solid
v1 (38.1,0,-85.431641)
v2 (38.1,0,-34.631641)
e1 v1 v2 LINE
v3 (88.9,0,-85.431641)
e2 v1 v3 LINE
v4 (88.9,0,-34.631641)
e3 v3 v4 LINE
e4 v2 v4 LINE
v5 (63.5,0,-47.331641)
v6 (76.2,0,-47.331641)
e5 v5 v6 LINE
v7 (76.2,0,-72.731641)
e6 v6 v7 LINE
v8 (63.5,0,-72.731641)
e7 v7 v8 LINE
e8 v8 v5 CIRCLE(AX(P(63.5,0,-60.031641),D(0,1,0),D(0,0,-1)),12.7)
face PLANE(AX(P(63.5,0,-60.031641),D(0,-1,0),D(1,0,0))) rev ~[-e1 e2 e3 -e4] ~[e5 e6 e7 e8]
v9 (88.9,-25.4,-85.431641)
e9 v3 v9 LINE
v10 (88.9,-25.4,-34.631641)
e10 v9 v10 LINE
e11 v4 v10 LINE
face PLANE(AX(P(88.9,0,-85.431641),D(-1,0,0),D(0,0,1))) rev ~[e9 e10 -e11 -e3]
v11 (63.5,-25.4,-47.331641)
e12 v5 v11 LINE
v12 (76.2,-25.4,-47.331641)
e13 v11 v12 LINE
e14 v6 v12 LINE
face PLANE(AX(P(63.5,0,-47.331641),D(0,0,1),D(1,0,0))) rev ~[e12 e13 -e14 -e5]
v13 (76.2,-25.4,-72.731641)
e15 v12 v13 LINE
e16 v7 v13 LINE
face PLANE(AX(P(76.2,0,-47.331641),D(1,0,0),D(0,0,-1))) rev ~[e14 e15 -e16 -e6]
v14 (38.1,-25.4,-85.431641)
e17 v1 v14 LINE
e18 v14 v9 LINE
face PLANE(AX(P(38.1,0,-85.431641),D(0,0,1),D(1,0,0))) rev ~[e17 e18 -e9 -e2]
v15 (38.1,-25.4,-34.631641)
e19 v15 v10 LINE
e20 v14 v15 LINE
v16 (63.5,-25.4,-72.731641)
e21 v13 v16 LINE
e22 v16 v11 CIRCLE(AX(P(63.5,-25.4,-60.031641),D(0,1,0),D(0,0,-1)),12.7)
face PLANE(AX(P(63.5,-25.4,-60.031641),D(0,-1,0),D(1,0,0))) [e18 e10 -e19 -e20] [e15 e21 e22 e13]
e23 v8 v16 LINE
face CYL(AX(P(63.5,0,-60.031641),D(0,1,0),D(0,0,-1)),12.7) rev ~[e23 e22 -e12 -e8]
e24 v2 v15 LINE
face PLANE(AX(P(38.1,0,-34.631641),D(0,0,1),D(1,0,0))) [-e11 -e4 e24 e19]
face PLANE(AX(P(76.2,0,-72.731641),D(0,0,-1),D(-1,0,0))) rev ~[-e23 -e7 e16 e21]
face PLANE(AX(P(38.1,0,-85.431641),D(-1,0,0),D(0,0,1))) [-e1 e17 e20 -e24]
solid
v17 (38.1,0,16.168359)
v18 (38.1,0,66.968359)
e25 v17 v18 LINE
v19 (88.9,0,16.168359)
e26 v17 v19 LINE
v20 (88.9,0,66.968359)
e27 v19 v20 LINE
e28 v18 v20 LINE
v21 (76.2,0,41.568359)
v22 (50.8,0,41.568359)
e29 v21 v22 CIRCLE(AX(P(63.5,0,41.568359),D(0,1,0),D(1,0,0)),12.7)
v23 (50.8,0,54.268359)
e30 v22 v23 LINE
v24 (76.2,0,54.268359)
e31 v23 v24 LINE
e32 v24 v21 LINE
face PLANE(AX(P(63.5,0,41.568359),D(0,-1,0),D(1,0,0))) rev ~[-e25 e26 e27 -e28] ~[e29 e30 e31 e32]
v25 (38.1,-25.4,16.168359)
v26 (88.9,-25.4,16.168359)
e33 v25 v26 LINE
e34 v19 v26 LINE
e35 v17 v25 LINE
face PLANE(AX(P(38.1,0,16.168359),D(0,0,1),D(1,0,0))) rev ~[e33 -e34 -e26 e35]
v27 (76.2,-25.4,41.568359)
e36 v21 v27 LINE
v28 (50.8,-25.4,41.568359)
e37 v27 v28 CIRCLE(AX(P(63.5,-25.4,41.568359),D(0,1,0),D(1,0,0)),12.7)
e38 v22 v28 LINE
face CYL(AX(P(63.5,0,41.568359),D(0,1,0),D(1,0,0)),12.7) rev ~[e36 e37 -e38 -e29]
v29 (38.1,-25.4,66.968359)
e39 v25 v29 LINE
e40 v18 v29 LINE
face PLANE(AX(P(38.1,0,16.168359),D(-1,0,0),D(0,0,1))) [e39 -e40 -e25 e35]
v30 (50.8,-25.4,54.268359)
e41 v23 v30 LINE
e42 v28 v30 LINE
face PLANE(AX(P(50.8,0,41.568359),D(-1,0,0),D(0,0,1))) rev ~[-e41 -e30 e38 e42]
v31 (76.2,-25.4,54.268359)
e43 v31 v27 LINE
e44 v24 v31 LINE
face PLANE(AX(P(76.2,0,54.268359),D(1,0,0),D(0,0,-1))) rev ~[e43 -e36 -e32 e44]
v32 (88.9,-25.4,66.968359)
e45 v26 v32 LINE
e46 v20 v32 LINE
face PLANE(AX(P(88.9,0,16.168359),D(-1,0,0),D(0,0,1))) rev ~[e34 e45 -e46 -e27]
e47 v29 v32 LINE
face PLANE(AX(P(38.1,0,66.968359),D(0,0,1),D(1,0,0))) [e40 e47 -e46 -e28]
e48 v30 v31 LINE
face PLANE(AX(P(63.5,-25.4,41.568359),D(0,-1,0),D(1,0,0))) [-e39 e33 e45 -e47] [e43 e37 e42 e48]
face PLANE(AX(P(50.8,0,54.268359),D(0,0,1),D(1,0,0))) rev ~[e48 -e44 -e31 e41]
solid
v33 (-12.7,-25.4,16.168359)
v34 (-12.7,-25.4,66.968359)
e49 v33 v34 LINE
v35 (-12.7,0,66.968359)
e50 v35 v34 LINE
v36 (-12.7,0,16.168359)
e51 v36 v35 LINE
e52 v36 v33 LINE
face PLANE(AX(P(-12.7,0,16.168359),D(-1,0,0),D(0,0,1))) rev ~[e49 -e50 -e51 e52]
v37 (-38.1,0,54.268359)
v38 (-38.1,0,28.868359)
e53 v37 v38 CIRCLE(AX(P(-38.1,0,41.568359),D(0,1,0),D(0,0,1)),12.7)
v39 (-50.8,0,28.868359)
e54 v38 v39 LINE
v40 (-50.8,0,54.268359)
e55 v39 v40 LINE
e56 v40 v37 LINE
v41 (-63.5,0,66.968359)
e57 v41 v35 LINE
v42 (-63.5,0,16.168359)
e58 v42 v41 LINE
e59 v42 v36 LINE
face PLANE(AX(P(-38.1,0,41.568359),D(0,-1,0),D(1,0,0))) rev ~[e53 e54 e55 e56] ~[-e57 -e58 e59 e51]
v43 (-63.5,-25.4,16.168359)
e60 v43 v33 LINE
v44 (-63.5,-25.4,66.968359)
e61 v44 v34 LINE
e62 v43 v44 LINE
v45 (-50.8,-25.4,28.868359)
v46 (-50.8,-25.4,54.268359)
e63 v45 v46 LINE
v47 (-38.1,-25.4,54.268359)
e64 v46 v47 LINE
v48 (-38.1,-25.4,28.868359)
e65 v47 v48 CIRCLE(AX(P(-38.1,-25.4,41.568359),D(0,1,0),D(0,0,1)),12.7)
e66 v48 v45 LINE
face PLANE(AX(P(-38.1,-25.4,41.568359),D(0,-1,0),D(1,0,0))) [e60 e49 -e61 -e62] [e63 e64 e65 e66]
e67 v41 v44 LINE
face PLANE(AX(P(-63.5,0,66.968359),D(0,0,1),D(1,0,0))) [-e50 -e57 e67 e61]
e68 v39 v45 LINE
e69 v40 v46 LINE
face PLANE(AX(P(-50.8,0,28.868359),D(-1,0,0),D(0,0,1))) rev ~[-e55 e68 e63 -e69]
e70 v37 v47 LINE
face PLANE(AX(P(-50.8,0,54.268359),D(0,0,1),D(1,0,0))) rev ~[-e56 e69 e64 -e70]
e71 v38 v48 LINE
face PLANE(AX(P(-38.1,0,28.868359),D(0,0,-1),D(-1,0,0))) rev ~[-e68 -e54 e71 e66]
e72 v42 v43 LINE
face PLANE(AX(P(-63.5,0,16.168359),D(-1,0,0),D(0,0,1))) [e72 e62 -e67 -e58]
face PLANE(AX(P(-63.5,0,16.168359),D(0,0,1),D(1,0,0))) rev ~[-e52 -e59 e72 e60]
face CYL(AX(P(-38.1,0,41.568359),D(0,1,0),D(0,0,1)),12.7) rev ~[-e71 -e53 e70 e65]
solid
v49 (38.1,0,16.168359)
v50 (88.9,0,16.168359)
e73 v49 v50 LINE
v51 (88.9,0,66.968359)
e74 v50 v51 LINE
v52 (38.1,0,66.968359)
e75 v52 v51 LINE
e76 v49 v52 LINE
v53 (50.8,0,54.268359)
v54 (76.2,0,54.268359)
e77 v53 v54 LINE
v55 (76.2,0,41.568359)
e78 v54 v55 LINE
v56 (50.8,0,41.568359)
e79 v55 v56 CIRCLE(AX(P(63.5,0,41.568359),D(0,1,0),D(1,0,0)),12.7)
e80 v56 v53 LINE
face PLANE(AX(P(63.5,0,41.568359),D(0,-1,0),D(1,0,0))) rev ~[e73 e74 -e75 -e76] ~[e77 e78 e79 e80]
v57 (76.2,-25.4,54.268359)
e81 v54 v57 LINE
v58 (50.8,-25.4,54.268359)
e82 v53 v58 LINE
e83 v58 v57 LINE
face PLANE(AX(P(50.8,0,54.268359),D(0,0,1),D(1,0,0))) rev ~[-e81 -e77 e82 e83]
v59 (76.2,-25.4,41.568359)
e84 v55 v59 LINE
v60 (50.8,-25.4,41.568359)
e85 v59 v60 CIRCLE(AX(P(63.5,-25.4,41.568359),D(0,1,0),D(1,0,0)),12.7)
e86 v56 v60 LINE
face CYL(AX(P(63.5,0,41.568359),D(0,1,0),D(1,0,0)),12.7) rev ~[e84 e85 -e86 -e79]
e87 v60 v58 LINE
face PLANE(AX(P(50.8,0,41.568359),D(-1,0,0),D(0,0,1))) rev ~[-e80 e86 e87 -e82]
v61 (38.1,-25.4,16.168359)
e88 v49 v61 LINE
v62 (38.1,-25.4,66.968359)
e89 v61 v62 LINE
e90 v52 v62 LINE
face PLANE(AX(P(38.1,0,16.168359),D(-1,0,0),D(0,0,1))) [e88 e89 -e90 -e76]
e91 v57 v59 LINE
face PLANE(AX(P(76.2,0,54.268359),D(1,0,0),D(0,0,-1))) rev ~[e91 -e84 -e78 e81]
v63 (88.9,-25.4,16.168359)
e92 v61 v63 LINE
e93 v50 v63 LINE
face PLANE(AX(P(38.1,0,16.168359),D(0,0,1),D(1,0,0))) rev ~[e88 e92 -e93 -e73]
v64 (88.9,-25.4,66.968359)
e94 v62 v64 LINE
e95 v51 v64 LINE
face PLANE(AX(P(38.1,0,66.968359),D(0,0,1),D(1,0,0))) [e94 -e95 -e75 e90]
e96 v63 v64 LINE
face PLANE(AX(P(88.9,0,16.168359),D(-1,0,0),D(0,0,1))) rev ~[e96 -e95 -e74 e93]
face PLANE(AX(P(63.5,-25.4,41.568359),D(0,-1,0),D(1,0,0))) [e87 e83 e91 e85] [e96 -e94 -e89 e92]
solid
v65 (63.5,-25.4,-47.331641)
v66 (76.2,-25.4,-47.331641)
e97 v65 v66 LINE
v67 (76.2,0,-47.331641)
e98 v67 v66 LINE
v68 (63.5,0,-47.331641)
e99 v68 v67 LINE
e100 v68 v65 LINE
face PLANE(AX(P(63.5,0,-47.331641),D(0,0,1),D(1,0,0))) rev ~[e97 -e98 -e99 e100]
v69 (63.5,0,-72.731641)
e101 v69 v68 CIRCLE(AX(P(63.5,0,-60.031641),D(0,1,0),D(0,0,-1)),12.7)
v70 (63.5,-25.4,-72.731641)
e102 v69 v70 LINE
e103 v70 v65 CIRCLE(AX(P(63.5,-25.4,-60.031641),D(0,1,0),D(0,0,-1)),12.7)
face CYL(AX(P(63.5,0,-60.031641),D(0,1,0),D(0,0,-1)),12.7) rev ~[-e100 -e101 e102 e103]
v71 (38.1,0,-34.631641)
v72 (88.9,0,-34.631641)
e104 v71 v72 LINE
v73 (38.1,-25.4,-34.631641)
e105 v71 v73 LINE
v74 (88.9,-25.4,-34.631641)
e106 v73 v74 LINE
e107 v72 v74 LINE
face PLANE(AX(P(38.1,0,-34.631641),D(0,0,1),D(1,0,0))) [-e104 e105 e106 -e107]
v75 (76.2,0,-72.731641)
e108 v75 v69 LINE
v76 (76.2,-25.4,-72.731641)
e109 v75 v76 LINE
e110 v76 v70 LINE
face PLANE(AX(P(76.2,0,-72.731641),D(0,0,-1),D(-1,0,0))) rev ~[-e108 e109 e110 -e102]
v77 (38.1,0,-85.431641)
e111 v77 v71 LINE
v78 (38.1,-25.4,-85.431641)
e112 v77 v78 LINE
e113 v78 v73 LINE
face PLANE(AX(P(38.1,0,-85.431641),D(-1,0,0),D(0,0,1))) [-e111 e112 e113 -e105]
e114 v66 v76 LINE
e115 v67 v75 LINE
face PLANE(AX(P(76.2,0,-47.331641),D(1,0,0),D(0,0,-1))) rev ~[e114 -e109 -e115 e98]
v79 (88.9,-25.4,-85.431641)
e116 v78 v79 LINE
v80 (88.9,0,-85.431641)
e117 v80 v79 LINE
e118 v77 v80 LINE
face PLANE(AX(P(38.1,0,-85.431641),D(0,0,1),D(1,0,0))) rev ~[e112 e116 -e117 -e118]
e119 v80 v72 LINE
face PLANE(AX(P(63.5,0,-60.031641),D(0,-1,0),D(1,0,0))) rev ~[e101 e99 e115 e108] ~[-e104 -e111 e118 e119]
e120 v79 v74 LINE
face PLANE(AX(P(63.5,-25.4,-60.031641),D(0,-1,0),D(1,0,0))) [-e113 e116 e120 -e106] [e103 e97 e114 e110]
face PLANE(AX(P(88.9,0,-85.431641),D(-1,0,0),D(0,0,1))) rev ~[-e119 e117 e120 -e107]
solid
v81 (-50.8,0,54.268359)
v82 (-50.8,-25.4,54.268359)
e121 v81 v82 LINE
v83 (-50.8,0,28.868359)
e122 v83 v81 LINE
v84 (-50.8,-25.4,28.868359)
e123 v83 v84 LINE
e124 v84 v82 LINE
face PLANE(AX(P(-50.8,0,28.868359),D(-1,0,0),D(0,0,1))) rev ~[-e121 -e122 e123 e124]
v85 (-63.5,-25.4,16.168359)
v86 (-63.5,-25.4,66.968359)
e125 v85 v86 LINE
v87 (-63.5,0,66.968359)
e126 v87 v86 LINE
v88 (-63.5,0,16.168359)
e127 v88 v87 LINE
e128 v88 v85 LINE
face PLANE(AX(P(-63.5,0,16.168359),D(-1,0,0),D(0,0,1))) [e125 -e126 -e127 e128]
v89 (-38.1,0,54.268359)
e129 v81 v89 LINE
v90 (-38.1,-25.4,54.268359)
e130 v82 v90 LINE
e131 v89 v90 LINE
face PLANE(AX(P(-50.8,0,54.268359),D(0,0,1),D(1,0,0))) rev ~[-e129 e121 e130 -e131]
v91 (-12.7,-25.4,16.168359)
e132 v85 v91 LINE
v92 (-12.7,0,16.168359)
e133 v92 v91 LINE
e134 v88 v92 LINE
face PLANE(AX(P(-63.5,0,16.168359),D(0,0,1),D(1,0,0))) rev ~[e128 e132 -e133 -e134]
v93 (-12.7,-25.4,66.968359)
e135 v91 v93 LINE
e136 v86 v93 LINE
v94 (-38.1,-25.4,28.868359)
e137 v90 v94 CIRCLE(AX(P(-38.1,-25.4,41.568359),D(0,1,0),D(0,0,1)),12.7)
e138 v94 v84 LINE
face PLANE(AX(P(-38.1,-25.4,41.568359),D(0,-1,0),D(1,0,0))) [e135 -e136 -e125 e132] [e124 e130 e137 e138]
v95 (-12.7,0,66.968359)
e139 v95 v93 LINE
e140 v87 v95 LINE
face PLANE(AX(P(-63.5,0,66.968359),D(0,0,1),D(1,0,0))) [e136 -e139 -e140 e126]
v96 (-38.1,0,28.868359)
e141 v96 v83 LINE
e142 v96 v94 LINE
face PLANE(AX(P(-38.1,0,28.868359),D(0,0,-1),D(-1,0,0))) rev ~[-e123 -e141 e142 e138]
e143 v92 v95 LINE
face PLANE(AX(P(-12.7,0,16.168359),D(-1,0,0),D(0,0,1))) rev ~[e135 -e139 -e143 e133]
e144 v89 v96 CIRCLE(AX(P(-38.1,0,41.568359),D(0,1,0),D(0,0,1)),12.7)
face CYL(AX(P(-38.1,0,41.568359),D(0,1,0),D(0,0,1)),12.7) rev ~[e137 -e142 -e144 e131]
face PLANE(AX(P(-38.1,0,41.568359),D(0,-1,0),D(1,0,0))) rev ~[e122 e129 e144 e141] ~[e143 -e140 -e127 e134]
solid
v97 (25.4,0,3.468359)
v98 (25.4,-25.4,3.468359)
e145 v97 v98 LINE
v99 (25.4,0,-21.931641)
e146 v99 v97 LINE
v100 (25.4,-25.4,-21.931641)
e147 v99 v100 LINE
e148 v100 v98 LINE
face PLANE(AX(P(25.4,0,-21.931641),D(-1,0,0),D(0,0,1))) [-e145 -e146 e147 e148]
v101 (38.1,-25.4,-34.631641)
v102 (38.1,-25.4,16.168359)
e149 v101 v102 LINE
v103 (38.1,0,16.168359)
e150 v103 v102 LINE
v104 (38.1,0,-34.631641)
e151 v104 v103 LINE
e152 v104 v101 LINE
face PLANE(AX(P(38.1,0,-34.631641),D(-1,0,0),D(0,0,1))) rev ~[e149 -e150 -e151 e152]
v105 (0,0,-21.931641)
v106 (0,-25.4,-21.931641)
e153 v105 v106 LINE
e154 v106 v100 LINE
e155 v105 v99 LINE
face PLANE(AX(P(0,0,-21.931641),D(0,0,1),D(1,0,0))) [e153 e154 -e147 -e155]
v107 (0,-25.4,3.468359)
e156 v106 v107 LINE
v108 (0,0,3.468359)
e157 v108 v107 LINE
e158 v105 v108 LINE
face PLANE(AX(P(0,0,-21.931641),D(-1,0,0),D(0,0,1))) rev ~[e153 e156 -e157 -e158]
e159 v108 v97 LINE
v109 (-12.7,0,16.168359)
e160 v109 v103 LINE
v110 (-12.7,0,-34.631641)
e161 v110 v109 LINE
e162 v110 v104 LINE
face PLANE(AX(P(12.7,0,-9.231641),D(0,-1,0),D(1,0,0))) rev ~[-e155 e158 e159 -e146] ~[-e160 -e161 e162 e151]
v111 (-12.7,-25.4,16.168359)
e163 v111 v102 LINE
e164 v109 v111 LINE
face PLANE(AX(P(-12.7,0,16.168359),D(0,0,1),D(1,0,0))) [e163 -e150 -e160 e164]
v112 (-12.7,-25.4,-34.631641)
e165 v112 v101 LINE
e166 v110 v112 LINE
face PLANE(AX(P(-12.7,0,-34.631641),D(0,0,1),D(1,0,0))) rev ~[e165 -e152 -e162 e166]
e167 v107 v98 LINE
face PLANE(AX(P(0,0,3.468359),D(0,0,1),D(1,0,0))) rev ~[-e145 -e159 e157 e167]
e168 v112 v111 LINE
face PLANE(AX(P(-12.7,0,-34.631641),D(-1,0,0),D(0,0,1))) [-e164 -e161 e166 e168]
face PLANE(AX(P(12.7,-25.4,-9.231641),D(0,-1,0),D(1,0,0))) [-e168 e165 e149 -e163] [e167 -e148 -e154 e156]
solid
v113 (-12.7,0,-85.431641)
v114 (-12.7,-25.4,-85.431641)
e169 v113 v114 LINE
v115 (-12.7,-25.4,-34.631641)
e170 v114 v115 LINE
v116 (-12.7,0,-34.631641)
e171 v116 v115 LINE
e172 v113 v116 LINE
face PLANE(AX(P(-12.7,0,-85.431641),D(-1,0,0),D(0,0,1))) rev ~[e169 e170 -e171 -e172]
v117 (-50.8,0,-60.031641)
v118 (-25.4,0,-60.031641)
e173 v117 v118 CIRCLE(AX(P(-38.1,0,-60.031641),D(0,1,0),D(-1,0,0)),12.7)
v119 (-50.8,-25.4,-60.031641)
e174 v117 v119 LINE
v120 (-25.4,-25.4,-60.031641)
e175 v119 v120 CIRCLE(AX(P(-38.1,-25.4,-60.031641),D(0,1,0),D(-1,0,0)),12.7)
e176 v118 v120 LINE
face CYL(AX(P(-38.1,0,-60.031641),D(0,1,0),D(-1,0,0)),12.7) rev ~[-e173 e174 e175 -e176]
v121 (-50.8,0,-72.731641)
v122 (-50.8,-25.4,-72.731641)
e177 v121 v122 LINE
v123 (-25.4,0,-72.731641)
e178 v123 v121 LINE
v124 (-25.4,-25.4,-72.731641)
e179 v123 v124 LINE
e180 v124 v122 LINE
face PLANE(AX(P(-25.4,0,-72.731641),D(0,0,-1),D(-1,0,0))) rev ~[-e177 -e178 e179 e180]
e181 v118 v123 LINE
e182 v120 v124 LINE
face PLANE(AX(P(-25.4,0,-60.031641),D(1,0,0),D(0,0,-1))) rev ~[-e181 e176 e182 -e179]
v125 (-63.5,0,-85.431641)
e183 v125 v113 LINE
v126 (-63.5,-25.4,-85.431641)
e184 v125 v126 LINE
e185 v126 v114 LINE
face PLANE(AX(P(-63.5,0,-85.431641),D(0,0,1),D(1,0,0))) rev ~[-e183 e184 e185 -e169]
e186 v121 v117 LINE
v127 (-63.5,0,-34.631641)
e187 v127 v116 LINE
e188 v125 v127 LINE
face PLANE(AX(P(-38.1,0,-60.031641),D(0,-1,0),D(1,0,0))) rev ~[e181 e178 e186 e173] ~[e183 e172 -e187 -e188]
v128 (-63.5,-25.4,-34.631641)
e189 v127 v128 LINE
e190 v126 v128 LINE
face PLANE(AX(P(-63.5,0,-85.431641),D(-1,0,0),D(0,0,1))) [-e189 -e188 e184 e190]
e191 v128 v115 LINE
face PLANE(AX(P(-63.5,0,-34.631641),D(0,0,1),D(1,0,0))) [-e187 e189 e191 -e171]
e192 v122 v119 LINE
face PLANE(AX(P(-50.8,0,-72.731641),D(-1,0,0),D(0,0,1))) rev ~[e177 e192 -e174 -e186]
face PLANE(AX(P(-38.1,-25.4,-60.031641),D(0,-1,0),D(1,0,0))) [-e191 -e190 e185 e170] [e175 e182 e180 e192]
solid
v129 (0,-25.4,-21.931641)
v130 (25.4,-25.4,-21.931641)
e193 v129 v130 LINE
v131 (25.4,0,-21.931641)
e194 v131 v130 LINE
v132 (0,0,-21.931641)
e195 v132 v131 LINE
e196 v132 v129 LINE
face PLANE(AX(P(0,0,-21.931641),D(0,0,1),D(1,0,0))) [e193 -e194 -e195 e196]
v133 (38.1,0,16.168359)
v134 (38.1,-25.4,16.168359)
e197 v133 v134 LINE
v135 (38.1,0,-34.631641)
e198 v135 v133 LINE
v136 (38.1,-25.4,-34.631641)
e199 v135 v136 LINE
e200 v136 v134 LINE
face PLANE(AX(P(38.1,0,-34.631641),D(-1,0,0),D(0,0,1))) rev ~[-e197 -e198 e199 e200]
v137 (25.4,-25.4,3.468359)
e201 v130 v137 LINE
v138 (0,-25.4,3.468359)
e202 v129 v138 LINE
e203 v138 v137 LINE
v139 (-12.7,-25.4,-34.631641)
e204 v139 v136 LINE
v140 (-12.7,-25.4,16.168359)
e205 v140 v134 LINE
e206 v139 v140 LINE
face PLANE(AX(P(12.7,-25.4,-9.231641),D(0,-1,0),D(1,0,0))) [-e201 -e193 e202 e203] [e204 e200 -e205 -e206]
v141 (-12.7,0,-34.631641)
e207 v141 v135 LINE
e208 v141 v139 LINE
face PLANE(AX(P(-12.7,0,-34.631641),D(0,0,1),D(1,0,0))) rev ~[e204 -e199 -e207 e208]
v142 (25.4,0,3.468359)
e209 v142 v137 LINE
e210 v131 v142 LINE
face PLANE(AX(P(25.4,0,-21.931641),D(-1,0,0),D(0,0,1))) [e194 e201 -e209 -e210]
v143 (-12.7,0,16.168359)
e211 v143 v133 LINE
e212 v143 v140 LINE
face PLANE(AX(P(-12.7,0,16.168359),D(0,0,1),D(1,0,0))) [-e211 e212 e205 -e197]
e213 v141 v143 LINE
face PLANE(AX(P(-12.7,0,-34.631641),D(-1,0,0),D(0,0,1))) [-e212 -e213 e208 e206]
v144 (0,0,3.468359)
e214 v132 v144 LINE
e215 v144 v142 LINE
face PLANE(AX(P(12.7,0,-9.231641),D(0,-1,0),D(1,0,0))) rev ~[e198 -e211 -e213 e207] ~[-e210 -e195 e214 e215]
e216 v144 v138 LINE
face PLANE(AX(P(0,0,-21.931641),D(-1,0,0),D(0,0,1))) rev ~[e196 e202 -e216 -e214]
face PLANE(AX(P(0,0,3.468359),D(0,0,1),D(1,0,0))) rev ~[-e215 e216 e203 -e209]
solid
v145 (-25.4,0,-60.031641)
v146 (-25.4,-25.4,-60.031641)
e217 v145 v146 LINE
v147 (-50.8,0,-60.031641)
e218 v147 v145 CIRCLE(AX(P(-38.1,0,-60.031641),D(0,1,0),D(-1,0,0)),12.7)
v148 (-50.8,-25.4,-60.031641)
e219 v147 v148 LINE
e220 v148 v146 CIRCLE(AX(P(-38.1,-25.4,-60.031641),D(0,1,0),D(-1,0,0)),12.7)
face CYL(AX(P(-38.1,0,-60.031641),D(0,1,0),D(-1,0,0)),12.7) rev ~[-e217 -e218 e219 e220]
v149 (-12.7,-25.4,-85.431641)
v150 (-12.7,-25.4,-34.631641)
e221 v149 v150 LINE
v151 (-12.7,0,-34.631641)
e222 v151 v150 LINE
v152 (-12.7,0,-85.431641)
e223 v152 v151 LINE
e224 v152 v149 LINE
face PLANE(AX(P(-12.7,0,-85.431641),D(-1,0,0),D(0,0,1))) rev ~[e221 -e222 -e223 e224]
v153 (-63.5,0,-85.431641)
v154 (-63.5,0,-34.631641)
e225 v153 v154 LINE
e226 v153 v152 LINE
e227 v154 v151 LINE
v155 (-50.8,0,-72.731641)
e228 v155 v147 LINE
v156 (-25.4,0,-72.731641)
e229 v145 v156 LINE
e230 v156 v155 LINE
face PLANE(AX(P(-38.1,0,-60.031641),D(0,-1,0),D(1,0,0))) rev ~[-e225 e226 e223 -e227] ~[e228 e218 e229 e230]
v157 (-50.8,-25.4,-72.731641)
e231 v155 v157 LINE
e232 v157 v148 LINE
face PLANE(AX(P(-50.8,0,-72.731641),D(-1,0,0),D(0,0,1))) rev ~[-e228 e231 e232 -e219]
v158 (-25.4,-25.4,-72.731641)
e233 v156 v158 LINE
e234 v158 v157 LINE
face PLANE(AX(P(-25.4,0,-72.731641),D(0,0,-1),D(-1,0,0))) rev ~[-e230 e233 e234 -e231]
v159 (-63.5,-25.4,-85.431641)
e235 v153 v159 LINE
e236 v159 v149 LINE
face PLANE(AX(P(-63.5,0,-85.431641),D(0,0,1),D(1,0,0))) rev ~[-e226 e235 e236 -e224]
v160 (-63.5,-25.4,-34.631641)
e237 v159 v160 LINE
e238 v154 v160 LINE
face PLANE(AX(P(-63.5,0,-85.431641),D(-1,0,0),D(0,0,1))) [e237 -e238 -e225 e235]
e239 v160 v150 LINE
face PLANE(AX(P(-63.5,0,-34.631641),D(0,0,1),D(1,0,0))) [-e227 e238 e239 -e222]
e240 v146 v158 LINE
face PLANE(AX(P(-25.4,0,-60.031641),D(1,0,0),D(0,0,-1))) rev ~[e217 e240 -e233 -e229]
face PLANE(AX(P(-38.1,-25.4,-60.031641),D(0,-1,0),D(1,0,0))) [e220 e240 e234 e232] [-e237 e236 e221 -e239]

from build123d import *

# Parameters (mm, degrees)
F0_W     = 50.8
F0_H     = 50.8
F0_W_2   = 25.4
F0_H_2   = 25.4
F1_DEPTH = 25.4
F2_DEPTH = 25.4


with BuildPart() as f1:
    # F0 (on Front) → F1 (new body)
    with BuildSketch(Plane.XZ):
        with Locations((63.5, 41.568359)):
            Rectangle(F0_W, F0_H)
        with BuildLine():
            Line((50.8, 54.268359), (76.2, 54.268359))
            Line((76.2, 54.268359), (76.2, 41.568359))
            ThreePointArc((76.2, 41.568359), (63.5, 28.868359), (50.8, 41.568359))
            Line((50.8, 41.568359), (50.8, 54.268359))
        make_face(mode=Mode.SUBTRACT)
        with Locations((63.5, -60.031641)):
            Rectangle(F0_W, F0_H)
        with BuildLine():
            ThreePointArc((63.5, -72.731641), (50.8, -60.031641), (63.5, -47.331641))
            Line((63.5, -47.331641), (76.2, -47.331641))
            Line((76.2, -47.331641), (76.2, -72.731641))
            Line((76.2, -72.731641), (63.5, -72.731641))
        make_face(mode=Mode.SUBTRACT)
        with Locations((-38.1, -60.031641)):
            Rectangle(F0_W, F0_H)
        with BuildLine():
            Line((-25.4, -72.731641), (-50.8, -72.731641))
            Line((-50.8, -72.731641), (-50.8, -60.031641))
            ThreePointArc((-50.8, -60.031641), (-38.1, -47.331641), (-25.4, -60.031641))
            Line((-25.4, -60.031641), (-25.4, -72.731641))
        make_face(mode=Mode.SUBTRACT)
        with Locations((12.7, -9.231641)):
            Rectangle(F0_W, F0_H)
        with Locations((12.7, -9.231641)):
            Rectangle(F0_W_2, F0_H_2, mode=Mode.SUBTRACT)
        with Locations((-38.1, 41.568359)):
            Rectangle(F0_W, F0_H)
        with BuildLine():
            Line((-50.8, 28.868359), (-50.8, 54.268359))
            Line((-50.8, 54.268359), (-38.1, 54.268359))
            ThreePointArc((-38.1, 54.268359), (-25.4, 41.568359), (-38.1, 28.868359))
            Line((-38.1, 28.868359), (-50.8, 28.868359))
        make_face(mode=Mode.SUBTRACT)
    extrude(amount=F1_DEPTH)


with BuildPart() as f2:
    # F0 (on Front) → F2 (new body)
    with BuildSketch(Plane.XZ):
        with Locations((63.5, 41.568359)):
            Rectangle(F0_W, F0_H)
        with BuildLine():
            Line((50.8, 54.268359), (76.2, 54.268359))
            Line((76.2, 54.268359), (76.2, 41.568359))
            ThreePointArc((76.2, 41.568359), (63.5, 28.868359), (50.8, 41.568359))
            Line((50.8, 41.568359), (50.8, 54.268359))
        make_face(mode=Mode.SUBTRACT)
        with Locations((63.5, -60.031641)):
            Rectangle(F0_W, F0_H)
        with BuildLine():
            ThreePointArc((63.5, -72.731641), (50.8, -60.031641), (63.5, -47.331641))
            Line((63.5, -47.331641), (76.2, -47.331641))
            Line((76.2, -47.331641), (76.2, -72.731641))
            Line((76.2, -72.731641), (63.5, -72.731641))
        make_face(mode=Mode.SUBTRACT)
        with Locations((-38.1, -60.031641)):
            Rectangle(F0_W, F0_H)
        with BuildLine():
            Line((-25.4, -72.731641), (-50.8, -72.731641))
            Line((-50.8, -72.731641), (-50.8, -60.031641))
            ThreePointArc((-50.8, -60.031641), (-38.1, -47.331641), (-25.4, -60.031641))
            Line((-25.4, -60.031641), (-25.4, -72.731641))
        make_face(mode=Mode.SUBTRACT)
        with Locations((12.7, -9.231641)):
            Rectangle(F0_W, F0_H)
        with Locations((12.7, -9.231641)):
            Rectangle(F0_W_2, F0_H_2, mode=Mode.SUBTRACT)
        with Locations((-38.1, 41.568359)):
            Rectangle(F0_W, F0_H)
        with BuildLine():
            Line((-50.8, 28.868359), (-50.8, 54.268359))
            Line((-50.8, 54.268359), (-38.1, 54.268359))
            ThreePointArc((-38.1, 54.268359), (-25.4, 41.568359), (-38.1, 28.868359))
            Line((-38.1, 28.868359), (-50.8, 28.868359))
        make_face(mode=Mode.SUBTRACT)
    extrude(amount=F2_DEPTH)


solid = Compound([f1.part, f2.part])
